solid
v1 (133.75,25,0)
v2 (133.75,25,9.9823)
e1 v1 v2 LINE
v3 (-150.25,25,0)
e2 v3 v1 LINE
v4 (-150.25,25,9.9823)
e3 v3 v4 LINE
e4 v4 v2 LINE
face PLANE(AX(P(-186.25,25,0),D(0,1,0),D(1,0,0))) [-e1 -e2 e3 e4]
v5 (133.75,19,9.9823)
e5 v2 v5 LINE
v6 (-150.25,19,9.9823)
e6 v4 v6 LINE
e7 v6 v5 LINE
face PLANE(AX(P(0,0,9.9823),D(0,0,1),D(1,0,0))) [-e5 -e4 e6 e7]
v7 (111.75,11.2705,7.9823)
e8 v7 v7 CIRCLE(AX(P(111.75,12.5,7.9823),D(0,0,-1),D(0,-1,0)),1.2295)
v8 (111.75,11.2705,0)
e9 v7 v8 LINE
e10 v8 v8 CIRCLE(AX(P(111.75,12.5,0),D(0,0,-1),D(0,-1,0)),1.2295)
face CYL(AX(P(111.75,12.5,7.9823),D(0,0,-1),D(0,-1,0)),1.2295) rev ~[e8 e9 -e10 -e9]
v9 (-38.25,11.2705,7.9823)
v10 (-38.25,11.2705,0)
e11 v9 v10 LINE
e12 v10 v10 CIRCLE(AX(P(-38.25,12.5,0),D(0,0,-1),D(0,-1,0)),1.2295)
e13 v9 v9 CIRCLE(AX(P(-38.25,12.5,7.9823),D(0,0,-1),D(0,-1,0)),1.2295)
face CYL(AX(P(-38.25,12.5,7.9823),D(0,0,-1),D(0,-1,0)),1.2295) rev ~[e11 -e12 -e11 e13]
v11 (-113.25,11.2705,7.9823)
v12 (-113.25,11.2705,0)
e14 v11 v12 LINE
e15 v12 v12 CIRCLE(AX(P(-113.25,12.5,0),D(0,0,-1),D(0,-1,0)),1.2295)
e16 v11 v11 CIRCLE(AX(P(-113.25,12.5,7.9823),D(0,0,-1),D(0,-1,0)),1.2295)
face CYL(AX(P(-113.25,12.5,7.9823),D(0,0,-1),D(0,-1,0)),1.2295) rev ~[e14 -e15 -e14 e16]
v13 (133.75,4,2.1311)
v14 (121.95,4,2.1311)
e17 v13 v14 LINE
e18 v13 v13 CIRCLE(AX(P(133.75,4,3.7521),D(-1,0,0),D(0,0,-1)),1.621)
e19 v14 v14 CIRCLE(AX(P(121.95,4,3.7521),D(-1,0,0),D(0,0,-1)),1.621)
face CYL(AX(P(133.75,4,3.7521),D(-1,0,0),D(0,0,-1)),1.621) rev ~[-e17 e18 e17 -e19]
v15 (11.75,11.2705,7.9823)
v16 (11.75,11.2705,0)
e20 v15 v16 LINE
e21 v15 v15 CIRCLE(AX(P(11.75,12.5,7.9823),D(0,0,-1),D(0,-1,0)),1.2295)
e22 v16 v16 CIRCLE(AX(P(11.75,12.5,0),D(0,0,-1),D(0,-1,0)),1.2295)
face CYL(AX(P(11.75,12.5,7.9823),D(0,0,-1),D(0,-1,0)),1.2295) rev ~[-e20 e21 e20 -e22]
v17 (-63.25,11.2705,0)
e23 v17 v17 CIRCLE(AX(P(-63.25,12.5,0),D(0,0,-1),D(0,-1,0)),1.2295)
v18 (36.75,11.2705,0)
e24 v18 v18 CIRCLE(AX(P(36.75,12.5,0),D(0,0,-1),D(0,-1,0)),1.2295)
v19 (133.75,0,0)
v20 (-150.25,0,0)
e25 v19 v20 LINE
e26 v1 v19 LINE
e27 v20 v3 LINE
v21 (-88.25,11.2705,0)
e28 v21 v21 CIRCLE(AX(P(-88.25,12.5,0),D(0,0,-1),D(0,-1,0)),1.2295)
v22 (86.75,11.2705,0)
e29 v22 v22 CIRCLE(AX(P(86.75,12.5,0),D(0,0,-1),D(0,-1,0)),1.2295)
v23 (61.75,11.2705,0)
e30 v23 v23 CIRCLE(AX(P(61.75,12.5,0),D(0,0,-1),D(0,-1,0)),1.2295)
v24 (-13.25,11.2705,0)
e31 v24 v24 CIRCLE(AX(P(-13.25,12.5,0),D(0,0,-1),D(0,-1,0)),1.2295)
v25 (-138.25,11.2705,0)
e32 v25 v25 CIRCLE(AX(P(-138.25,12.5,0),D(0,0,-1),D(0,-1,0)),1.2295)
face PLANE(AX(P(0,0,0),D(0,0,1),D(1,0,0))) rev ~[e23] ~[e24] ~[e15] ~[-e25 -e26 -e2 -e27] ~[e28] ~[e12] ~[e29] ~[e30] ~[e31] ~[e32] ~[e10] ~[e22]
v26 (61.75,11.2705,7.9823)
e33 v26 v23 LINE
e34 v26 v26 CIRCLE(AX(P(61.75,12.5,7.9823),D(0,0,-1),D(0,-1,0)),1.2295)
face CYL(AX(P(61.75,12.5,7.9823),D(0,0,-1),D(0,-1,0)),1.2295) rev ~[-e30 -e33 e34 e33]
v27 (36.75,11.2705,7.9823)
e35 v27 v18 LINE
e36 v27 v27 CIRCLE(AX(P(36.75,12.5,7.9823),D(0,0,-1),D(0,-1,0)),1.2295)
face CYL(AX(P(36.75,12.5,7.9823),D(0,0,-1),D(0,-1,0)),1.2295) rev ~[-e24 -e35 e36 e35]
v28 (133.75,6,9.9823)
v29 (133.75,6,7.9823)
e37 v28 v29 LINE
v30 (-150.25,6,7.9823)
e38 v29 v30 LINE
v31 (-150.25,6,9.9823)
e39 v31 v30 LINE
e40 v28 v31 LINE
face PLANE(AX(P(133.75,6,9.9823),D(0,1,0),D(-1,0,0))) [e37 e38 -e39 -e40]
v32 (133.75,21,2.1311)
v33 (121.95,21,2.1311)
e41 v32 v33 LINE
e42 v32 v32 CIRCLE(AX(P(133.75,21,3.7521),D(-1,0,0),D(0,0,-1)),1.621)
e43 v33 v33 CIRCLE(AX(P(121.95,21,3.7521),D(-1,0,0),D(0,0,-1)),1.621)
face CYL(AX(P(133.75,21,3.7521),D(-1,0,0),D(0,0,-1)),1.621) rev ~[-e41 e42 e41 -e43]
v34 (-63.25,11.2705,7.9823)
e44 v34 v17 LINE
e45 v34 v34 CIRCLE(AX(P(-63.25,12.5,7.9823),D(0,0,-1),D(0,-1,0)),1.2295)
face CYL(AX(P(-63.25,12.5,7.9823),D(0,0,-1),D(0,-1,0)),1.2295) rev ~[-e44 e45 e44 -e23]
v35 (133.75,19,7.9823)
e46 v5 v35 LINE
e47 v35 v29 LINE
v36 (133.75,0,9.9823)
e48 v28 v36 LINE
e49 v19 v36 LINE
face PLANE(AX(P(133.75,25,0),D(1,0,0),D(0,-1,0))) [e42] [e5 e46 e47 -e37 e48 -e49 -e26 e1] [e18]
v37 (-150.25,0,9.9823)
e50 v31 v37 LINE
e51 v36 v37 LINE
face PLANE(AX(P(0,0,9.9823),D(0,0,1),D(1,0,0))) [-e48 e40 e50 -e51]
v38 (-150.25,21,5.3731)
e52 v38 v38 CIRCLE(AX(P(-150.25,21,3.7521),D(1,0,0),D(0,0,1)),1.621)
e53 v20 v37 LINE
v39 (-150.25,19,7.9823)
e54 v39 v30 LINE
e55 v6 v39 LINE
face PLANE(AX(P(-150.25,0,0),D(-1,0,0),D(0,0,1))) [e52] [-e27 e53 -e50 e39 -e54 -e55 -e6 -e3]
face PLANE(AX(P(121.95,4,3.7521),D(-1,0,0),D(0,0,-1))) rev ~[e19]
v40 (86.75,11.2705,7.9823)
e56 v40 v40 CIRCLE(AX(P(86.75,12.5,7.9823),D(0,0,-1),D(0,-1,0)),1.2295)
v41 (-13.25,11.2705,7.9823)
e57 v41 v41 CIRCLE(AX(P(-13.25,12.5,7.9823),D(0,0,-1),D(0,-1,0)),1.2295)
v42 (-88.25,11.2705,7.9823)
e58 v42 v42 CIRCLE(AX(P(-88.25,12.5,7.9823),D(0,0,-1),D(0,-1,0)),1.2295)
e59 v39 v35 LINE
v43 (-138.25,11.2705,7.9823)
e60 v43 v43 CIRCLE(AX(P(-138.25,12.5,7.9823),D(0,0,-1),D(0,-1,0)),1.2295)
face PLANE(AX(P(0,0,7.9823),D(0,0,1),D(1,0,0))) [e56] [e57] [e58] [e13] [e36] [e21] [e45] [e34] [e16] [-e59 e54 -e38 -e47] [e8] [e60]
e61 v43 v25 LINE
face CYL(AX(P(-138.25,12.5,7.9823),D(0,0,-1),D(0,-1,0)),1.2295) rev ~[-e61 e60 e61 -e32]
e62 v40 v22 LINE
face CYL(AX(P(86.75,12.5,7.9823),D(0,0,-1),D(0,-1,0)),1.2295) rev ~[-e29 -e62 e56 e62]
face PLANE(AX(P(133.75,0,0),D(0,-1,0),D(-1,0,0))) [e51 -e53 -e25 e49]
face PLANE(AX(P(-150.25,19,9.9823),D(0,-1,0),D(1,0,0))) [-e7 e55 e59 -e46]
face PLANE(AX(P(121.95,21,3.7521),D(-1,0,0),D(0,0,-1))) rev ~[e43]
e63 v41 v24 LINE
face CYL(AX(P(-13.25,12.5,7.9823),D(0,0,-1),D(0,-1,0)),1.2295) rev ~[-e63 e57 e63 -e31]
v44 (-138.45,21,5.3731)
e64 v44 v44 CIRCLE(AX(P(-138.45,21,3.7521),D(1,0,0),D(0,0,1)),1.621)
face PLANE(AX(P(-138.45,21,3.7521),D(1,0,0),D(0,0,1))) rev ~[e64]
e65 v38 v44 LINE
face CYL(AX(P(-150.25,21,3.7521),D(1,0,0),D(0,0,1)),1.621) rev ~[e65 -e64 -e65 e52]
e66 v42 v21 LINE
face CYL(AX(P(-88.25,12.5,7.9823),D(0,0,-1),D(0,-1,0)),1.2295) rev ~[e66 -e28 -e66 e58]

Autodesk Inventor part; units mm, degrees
ref_plane "YZ Plane" through (0, 0, 0) normal (1, 0, 0) x (0, 1, 0)
ref_plane "XZ Plane" through (0, 0, 0) normal (0, 1, 0) x (-1, 0, 0)
ref_plane "XY Plane" through (0, 0, 0) normal (0, 0, 1) x (1, 0, 0)
sketch "Sketch1" plane through (0, 0, 0) normal (0, 0, 1) x (1, 0, 0)
  line L0 (127.75, 2.5629) -> (108.85, 2.5629) construction
  line L1 (-186.25, 0) -> (133.75, 0) construction
  line L2 (133.75, 0) -> (133.75, 5) construction
  line L3 (-186.25, 5) -> (133.75, 5) construction
  line L4 (-186.25, 0) -> (-186.25, 5) construction
  line L5 (133.75, 0) -> (-186.25, 0)
  line L6 (-186.25, 0) -> (-186.25, 25)
  line L7 (-186.25, 25) -> (133.75, 25)
  line L8 (133.75, 25) -> (133.75, 0)
  line L9 (-186.25, 0) -> (-186.25, 5)
  dimension "d1" = 25
extrude "Extrusion1" add sketch "Sketch1" along normal blind 9.9823
sketch "Sketch2" plane through (-186.25, 0, 0) normal (-1, 0, 0) x (0, 0, 1)
  line L0 (0, 0) -> (0, 25) projected
  line L1 (0, 0) -> (9.9823, 0) projected
  line L2 (9.9823, 25) -> (9.9823, 0) projected
  line L3 (0, 25) -> (9.9823, 25) projected
  point P0 (0, 0)
extrude "Extrusion2" cut sketch "Sketch2" against normal blind 36
sketch "Sketch3" plane through (0, 0, 9.9823) normal (0, 0, 1) x (1, 0, 0)
  line L0 (-157.75, 6.5) -> (141.25, 6.5)
  line L1 (141.25, 18.5) -> (-157.75, 18.5)
  line L2 (-150.25, 25) -> (-150.25, 0) projected
  line L3 (133.75, 0) -> (133.75, 25) projected
  line L4 (-150.25, 19) -> (133.75, 19)
  line L5 (133.75, 19) -> (133.75, 6)
  line L6 (133.75, 6) -> (-150.25, 6)
  line L7 (-150.25, 6) -> (-150.25, 19)
  point P0 (0, 0)
  dimension "d6" = 0.5
  dimension "d7" = 0.5
extrude "Extrusion3" cut sketch "Sketch3" against normal blind 2
sketch "Sketch4" plane through (133.75, 0, 0) normal (1, 0, 0) x (0, 0, -1)
  circle A0 centre (-3.7521, 4) radius 1.7
  circle A1 centre (-3.7521, 21) radius 1.7
  point P0 (0, 0)
hole "Hole1" at (133.75, 4, 3.7521) at (133.75, 21, 3.7521) direction (-1, 0, 0) diameter 3.242 depth 11.8 thread size "M4x0.7" class "6H" standard "ISO Metric profile"
sketch "Sketch5" plane through (-150.25, 0, 0) normal (-1, 0, 0) x (0, 0, 1)
  circle A0 centre (3.7521, 21) radius 1.7 projected
  circle A1 centre (3.7521, 4) radius 1.7 projected
  point P0 (0, 0)
  point P1 (3.026, 2.4629)
  point P2 (3.026, 5.5371)
hole "Hole2" at (-150.25, 21, 3.7521) direction (1, 0, 0) diameter 3.242 depth 11.8 thread size "M4x0.7" class "6H" standard "ISO Metric profile"
sketch "Sketch6" plane through (0, 0, 7.9823) normal (0, 0, 1) x (1, 0, 0)
  circle A0 centre (-138.25, 12.5) radius 1.7 construction
  circle A1 centre (-113.25, 12.5) radius 1.7 construction
  circle A2 centre (-88.25, 12.5) radius 1.75 construction
  circle A3 centre (-63.25, 12.5) radius 1.75 construction
  circle A4 centre (-38.25, 12.5) radius 1.75 construction
  circle A5 centre (-13.25, 12.5) radius 1.75 construction
  circle A6 centre (11.75, 12.5) radius 1.75 construction
  circle A7 centre (36.75, 12.5) radius 3 construction
  circle A8 centre (61.75, 12.5) radius 3 construction
  circle A9 centre (86.75, 12.5) radius 3 construction
  circle A10 centre (111.75, 12.5) radius 3 construction
  point P0 (0, 0)
hole "Hole3" at (-138.25, 12.5, 7.9823) at (-113.25, 12.5, 7.9823) at (-88.25, 12.5, 7.9823) at (-63.25, 12.5, 7.9823) at (-38.25, 12.5, 7.9823) at (-13.25, 12.5, 7.9823) at (11.75, 12.5, 7.9823) at (36.75, 12.5, 7.9823) at (61.75, 12.5, 7.9823) at (86.75, 12.5, 7.9823) at (111.75, 12.5, 7.9823) direction (0, 0, -1) diameter 2.459 end through all thread size "M3x0.5" class "6H" standard "ISO Metric profile"
properties part number "Y table support" material "Aluminum 6061"
